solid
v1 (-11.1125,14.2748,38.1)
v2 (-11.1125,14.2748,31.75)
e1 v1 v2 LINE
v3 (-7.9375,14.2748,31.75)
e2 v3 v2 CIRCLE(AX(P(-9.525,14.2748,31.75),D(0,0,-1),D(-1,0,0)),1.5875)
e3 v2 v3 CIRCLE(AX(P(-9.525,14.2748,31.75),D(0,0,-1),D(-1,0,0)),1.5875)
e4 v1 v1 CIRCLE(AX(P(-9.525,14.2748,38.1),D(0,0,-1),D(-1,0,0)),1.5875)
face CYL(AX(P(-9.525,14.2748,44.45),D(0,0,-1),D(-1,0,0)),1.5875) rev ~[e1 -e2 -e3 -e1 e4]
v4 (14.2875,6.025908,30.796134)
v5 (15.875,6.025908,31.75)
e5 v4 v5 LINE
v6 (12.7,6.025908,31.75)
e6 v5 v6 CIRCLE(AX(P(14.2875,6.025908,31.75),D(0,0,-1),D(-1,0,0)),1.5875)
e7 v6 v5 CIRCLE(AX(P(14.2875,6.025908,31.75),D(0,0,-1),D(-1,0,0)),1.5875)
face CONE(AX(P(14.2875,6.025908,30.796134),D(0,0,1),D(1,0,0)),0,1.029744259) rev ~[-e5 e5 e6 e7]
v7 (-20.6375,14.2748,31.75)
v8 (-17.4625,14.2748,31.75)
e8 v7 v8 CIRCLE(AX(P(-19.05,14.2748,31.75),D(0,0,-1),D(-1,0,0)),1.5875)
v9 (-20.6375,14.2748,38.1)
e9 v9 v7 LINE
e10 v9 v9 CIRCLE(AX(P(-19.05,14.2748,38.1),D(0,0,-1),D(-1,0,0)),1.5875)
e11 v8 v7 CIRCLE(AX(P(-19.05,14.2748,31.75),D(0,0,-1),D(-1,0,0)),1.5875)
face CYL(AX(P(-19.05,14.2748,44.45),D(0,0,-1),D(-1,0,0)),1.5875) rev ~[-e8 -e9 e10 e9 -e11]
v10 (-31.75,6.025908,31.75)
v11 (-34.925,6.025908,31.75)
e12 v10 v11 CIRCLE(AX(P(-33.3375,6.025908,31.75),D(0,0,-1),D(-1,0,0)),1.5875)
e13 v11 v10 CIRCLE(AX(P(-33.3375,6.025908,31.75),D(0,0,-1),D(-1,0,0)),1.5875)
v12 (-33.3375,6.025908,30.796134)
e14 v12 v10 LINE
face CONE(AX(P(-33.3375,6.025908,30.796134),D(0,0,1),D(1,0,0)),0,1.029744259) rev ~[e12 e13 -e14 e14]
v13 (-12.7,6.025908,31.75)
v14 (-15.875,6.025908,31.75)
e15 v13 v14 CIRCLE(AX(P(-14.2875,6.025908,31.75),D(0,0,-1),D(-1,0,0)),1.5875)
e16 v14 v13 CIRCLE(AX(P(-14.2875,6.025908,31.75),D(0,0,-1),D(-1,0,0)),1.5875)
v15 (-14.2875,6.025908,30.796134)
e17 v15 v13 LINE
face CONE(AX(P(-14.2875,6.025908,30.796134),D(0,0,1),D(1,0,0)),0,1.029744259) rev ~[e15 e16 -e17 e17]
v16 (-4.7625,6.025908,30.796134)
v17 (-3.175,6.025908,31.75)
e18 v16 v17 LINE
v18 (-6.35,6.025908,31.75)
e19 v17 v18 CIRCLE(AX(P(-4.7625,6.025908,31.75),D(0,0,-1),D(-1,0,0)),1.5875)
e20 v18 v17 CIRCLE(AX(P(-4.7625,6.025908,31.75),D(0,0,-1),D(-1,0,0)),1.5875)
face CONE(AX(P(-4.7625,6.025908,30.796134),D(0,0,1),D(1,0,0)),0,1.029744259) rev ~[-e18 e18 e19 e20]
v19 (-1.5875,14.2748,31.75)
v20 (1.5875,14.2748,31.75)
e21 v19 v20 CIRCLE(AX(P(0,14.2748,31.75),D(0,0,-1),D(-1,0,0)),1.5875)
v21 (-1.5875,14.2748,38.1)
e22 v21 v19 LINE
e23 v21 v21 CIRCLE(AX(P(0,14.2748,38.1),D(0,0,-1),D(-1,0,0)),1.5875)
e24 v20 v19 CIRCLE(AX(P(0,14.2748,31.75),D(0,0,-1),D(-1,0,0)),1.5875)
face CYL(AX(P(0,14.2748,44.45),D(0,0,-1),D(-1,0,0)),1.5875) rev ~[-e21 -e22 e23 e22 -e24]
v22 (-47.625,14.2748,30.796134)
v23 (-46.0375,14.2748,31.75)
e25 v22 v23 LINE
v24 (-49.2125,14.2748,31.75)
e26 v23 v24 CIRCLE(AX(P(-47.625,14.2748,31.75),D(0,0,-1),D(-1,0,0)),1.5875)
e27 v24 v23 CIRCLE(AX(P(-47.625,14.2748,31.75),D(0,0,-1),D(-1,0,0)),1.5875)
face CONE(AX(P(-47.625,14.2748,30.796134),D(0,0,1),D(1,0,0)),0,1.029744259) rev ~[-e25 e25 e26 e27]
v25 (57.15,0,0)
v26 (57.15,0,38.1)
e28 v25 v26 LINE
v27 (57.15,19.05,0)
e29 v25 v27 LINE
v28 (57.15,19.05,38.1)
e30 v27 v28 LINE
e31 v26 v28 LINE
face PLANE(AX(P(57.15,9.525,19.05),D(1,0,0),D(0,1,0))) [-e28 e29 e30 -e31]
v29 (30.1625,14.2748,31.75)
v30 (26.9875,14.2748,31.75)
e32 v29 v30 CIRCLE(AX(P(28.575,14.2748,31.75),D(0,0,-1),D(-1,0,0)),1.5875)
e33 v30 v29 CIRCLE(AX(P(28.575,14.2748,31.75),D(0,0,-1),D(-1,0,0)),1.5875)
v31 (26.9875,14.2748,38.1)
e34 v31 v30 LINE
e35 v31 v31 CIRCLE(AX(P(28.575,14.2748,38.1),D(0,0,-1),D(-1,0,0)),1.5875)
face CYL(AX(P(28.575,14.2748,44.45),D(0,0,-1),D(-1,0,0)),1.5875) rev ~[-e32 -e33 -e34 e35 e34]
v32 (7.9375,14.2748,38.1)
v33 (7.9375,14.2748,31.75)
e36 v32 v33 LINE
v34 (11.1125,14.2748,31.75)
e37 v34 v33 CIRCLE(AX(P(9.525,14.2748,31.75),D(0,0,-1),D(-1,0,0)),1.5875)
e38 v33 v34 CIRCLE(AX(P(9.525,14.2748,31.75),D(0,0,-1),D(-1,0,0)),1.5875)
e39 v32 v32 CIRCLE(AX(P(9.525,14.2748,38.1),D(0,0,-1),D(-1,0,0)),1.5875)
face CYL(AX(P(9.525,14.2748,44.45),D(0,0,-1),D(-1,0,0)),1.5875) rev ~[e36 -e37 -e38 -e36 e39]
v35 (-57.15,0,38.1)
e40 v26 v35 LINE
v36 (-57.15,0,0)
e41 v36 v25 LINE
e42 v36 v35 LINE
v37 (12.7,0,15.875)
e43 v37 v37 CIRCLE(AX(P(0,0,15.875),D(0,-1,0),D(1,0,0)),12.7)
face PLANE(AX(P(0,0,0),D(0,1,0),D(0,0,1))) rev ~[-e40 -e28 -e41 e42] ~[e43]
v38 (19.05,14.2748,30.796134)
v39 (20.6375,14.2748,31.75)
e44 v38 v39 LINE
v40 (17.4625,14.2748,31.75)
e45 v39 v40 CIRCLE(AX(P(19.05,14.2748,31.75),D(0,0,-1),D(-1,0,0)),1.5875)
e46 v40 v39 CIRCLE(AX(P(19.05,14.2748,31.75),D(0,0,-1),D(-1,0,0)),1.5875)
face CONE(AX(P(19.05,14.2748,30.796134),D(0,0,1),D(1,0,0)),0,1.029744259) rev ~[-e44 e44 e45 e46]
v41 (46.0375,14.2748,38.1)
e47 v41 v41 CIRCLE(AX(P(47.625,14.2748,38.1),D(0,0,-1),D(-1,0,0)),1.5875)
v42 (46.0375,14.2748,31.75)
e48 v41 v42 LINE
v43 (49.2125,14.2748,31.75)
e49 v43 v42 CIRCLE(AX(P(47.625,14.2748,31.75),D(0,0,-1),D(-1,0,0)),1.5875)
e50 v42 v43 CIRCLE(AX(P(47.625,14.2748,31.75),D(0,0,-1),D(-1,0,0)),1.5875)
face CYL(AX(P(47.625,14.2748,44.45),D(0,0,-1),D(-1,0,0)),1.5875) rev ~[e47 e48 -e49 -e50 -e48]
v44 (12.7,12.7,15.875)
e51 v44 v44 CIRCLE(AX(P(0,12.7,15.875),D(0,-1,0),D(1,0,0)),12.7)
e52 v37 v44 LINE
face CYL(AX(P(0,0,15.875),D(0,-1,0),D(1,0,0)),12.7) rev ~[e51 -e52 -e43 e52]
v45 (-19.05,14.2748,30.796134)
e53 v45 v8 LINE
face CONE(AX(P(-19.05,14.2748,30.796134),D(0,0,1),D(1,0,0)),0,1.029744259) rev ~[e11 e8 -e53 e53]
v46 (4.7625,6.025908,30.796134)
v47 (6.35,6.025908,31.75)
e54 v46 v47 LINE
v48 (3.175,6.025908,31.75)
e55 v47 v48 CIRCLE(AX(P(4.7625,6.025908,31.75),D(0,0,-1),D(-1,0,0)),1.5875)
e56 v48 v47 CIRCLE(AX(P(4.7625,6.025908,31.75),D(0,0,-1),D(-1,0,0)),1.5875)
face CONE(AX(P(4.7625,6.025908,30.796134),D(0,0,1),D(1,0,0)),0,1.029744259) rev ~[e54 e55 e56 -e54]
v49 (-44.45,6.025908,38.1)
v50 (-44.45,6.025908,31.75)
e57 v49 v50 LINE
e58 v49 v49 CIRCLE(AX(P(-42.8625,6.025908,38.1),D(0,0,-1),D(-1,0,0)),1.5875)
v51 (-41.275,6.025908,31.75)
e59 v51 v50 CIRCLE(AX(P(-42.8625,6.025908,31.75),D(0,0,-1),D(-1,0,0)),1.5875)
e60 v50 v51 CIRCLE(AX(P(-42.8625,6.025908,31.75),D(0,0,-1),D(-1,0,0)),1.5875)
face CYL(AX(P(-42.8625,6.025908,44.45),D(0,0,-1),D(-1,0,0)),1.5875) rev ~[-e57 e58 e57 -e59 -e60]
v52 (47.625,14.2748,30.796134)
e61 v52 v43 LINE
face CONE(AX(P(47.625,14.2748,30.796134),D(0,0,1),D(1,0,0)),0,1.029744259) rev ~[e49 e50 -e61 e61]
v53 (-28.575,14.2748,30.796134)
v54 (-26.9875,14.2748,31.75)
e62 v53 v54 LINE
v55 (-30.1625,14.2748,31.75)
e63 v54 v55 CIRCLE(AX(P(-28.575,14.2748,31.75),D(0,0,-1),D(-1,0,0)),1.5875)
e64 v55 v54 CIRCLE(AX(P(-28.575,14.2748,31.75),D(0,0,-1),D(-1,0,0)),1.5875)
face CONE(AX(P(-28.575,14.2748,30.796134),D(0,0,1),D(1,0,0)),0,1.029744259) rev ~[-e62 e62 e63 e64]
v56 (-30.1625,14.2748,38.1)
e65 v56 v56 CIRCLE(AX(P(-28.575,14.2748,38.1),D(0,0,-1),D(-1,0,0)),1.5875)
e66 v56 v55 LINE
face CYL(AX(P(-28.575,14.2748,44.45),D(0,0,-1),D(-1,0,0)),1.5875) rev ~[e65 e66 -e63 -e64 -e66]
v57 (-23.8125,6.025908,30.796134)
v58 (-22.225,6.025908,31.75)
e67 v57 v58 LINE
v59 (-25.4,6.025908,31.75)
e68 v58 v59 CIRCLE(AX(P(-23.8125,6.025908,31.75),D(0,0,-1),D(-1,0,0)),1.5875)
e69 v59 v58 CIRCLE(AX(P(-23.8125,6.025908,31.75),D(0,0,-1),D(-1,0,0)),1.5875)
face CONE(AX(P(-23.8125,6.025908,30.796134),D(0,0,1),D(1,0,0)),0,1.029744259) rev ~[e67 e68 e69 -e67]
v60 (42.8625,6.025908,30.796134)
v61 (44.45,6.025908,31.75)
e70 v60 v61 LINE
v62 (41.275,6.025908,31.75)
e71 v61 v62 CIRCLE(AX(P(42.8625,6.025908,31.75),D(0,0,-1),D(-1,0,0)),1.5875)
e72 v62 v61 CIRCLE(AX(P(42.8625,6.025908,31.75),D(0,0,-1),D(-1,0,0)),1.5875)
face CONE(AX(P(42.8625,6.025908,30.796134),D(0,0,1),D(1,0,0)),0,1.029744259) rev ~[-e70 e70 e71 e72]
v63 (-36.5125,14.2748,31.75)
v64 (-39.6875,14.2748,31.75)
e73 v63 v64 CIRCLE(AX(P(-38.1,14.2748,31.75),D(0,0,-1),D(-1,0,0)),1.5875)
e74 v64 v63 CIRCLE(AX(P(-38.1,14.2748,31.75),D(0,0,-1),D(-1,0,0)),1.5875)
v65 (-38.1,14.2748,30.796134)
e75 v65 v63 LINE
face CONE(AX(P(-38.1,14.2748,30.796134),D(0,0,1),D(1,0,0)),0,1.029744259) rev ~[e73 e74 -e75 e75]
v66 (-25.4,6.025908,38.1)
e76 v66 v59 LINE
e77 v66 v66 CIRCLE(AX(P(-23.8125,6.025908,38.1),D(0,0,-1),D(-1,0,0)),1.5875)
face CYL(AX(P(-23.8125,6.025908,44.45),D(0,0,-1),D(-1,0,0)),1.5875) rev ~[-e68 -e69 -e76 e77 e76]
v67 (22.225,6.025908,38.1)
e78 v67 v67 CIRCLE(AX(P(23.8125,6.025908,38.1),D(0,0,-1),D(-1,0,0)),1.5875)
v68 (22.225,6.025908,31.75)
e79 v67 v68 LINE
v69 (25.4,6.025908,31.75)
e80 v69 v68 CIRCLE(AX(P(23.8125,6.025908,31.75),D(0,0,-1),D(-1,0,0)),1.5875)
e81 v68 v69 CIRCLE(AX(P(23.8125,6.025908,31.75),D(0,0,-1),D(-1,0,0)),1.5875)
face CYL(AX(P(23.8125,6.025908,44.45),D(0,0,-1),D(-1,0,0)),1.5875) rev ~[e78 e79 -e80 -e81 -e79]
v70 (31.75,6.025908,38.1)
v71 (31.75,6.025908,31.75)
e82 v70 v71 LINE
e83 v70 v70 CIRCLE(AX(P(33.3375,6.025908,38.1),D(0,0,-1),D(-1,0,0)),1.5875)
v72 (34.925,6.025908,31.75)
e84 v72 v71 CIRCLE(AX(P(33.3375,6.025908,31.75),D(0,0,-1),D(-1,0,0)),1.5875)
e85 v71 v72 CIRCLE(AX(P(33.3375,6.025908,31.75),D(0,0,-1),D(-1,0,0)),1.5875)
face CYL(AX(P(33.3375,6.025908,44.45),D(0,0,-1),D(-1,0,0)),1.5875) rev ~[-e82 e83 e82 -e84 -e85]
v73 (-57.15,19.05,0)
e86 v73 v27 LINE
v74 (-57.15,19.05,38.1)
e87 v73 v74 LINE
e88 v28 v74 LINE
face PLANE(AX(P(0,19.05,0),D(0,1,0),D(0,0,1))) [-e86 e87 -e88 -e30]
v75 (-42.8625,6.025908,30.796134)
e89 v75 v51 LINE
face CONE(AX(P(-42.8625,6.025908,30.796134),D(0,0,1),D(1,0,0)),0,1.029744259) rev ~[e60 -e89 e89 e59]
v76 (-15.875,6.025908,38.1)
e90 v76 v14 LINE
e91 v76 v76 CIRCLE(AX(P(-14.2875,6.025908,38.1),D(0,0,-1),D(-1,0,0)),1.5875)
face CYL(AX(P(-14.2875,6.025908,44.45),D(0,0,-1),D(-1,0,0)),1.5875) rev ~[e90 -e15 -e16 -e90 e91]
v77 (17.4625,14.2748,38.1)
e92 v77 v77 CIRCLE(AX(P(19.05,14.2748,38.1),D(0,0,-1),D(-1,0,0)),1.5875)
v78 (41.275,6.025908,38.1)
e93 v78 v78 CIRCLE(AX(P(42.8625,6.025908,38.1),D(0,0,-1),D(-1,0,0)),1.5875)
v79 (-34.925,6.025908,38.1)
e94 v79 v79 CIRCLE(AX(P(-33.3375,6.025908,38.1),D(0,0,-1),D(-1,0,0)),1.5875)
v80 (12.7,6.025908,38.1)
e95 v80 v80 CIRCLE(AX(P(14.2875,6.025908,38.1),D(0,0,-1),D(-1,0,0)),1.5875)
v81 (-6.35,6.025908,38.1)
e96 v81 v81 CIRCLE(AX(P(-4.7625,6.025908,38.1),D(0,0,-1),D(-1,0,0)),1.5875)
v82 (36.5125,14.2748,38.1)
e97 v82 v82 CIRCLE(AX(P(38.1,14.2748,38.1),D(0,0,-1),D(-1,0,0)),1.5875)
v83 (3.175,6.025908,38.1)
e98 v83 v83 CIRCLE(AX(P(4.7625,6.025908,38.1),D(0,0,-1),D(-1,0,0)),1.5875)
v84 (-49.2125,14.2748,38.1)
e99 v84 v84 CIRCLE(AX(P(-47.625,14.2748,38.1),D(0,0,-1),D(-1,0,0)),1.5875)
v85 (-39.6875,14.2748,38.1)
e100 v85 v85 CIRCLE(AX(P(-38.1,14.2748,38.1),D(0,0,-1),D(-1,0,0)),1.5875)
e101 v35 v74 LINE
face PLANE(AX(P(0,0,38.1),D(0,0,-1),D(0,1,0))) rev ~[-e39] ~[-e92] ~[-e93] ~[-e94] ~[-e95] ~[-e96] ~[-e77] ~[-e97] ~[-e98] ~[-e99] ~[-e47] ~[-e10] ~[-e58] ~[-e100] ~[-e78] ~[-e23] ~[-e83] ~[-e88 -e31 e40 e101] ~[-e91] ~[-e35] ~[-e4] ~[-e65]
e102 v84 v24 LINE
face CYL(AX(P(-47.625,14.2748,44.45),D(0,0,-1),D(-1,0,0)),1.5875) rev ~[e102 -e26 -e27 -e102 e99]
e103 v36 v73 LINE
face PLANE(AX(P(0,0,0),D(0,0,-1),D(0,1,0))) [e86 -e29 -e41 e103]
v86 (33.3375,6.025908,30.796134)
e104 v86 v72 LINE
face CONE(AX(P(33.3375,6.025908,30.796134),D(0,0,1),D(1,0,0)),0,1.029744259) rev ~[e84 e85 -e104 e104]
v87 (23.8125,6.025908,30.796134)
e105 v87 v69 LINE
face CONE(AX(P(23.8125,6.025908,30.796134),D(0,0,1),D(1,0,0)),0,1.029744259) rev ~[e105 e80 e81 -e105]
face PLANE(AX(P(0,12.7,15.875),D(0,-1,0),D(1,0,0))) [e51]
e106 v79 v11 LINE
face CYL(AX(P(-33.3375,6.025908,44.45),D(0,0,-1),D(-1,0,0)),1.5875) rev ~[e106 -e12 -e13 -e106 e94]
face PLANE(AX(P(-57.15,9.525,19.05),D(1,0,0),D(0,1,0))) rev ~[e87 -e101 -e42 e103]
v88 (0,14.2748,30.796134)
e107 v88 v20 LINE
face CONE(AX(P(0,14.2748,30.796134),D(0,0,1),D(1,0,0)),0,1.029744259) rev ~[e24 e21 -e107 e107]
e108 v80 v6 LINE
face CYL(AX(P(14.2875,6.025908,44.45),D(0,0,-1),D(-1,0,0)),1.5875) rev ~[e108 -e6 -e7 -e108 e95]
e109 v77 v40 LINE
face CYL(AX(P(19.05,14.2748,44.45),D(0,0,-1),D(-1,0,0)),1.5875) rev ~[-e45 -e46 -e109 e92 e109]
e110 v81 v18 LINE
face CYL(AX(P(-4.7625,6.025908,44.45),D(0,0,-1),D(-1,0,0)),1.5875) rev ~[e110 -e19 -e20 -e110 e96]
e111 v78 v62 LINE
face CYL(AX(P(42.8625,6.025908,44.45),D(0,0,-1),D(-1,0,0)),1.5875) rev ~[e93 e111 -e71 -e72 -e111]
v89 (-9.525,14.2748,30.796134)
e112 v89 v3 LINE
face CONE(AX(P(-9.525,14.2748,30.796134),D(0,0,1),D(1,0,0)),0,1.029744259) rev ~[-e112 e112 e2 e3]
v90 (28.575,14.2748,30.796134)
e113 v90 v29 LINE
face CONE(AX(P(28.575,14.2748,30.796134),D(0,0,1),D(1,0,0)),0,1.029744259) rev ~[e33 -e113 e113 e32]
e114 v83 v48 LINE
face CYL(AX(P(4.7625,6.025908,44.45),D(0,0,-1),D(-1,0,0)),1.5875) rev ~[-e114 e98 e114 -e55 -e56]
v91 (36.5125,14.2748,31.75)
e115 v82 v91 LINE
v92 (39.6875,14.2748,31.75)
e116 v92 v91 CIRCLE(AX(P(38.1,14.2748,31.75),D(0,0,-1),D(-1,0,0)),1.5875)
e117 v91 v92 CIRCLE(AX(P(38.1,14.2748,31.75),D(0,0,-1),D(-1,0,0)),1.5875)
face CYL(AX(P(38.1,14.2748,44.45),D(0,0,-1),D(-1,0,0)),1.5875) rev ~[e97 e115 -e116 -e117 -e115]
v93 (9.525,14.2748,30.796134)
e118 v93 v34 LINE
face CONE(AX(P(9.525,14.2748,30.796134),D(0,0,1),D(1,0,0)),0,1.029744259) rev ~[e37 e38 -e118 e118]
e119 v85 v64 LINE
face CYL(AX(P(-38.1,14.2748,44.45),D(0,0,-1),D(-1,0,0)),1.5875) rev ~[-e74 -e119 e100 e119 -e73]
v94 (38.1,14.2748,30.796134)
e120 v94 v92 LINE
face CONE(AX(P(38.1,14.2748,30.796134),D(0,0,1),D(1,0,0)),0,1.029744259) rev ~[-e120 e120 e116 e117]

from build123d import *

# Parameters (mm, degrees)
F0_W     = 19.05
F0_H     = 38.1
F1_DEPTH = 57.15
F2_R     = 12.7
F3_DEPTH = 12.7
F5_D     = 3.175
F5_DEPTH = 6.35
F5_TIP   = 0.9538662327


with BuildPart() as f1:
    # F0 (on Right) → F1 (new body, symmetric)
    with BuildSketch(Plane.YZ):
        with Locations((9.525, 19.05)):
            Rectangle(F0_W, F0_H)
    extrude(amount=F1_DEPTH, both=True)

    # F2 (on face) → F3 (cut)
    with BuildSketch(Plane.XZ):
        with Locations((0, 15.875)):
            Circle(F2_R)
    extrude(amount=-F3_DEPTH, mode=Mode.SUBTRACT)

    # F5
    with Locations(Plane.XY.offset(38.1)):
        with Locations((0, 14.2748), (-47.625, 14.2748), (-14.2875, 6.025908029), (-23.8125, 6.025908029), (23.8125, 6.025908029), (-33.3375, 6.025908029), (28.575, 14.2748), (4.7625, 6.025908029), (-4.7625, 6.025908029), (-19.05, 14.2748), (14.2875, 6.025908029), (9.525, 14.2748), (19.05, 14.2748), (42.8625, 6.025908029), (33.3375, 6.025908029), (47.625, 14.2748), (-42.8625, 6.025908029), (38.1, 14.2748), (-28.575, 14.2748), (-9.525, 14.2748), (-38.1, 14.2748)):
            Hole(F5_D / 2, depth=F5_DEPTH)
            with Locations((0, 0, -(F5_DEPTH + F5_TIP / 2))):  # 118° drill point
                Cone(0, F5_D / 2, F5_TIP, mode=Mode.SUBTRACT)


solid = f1.part
